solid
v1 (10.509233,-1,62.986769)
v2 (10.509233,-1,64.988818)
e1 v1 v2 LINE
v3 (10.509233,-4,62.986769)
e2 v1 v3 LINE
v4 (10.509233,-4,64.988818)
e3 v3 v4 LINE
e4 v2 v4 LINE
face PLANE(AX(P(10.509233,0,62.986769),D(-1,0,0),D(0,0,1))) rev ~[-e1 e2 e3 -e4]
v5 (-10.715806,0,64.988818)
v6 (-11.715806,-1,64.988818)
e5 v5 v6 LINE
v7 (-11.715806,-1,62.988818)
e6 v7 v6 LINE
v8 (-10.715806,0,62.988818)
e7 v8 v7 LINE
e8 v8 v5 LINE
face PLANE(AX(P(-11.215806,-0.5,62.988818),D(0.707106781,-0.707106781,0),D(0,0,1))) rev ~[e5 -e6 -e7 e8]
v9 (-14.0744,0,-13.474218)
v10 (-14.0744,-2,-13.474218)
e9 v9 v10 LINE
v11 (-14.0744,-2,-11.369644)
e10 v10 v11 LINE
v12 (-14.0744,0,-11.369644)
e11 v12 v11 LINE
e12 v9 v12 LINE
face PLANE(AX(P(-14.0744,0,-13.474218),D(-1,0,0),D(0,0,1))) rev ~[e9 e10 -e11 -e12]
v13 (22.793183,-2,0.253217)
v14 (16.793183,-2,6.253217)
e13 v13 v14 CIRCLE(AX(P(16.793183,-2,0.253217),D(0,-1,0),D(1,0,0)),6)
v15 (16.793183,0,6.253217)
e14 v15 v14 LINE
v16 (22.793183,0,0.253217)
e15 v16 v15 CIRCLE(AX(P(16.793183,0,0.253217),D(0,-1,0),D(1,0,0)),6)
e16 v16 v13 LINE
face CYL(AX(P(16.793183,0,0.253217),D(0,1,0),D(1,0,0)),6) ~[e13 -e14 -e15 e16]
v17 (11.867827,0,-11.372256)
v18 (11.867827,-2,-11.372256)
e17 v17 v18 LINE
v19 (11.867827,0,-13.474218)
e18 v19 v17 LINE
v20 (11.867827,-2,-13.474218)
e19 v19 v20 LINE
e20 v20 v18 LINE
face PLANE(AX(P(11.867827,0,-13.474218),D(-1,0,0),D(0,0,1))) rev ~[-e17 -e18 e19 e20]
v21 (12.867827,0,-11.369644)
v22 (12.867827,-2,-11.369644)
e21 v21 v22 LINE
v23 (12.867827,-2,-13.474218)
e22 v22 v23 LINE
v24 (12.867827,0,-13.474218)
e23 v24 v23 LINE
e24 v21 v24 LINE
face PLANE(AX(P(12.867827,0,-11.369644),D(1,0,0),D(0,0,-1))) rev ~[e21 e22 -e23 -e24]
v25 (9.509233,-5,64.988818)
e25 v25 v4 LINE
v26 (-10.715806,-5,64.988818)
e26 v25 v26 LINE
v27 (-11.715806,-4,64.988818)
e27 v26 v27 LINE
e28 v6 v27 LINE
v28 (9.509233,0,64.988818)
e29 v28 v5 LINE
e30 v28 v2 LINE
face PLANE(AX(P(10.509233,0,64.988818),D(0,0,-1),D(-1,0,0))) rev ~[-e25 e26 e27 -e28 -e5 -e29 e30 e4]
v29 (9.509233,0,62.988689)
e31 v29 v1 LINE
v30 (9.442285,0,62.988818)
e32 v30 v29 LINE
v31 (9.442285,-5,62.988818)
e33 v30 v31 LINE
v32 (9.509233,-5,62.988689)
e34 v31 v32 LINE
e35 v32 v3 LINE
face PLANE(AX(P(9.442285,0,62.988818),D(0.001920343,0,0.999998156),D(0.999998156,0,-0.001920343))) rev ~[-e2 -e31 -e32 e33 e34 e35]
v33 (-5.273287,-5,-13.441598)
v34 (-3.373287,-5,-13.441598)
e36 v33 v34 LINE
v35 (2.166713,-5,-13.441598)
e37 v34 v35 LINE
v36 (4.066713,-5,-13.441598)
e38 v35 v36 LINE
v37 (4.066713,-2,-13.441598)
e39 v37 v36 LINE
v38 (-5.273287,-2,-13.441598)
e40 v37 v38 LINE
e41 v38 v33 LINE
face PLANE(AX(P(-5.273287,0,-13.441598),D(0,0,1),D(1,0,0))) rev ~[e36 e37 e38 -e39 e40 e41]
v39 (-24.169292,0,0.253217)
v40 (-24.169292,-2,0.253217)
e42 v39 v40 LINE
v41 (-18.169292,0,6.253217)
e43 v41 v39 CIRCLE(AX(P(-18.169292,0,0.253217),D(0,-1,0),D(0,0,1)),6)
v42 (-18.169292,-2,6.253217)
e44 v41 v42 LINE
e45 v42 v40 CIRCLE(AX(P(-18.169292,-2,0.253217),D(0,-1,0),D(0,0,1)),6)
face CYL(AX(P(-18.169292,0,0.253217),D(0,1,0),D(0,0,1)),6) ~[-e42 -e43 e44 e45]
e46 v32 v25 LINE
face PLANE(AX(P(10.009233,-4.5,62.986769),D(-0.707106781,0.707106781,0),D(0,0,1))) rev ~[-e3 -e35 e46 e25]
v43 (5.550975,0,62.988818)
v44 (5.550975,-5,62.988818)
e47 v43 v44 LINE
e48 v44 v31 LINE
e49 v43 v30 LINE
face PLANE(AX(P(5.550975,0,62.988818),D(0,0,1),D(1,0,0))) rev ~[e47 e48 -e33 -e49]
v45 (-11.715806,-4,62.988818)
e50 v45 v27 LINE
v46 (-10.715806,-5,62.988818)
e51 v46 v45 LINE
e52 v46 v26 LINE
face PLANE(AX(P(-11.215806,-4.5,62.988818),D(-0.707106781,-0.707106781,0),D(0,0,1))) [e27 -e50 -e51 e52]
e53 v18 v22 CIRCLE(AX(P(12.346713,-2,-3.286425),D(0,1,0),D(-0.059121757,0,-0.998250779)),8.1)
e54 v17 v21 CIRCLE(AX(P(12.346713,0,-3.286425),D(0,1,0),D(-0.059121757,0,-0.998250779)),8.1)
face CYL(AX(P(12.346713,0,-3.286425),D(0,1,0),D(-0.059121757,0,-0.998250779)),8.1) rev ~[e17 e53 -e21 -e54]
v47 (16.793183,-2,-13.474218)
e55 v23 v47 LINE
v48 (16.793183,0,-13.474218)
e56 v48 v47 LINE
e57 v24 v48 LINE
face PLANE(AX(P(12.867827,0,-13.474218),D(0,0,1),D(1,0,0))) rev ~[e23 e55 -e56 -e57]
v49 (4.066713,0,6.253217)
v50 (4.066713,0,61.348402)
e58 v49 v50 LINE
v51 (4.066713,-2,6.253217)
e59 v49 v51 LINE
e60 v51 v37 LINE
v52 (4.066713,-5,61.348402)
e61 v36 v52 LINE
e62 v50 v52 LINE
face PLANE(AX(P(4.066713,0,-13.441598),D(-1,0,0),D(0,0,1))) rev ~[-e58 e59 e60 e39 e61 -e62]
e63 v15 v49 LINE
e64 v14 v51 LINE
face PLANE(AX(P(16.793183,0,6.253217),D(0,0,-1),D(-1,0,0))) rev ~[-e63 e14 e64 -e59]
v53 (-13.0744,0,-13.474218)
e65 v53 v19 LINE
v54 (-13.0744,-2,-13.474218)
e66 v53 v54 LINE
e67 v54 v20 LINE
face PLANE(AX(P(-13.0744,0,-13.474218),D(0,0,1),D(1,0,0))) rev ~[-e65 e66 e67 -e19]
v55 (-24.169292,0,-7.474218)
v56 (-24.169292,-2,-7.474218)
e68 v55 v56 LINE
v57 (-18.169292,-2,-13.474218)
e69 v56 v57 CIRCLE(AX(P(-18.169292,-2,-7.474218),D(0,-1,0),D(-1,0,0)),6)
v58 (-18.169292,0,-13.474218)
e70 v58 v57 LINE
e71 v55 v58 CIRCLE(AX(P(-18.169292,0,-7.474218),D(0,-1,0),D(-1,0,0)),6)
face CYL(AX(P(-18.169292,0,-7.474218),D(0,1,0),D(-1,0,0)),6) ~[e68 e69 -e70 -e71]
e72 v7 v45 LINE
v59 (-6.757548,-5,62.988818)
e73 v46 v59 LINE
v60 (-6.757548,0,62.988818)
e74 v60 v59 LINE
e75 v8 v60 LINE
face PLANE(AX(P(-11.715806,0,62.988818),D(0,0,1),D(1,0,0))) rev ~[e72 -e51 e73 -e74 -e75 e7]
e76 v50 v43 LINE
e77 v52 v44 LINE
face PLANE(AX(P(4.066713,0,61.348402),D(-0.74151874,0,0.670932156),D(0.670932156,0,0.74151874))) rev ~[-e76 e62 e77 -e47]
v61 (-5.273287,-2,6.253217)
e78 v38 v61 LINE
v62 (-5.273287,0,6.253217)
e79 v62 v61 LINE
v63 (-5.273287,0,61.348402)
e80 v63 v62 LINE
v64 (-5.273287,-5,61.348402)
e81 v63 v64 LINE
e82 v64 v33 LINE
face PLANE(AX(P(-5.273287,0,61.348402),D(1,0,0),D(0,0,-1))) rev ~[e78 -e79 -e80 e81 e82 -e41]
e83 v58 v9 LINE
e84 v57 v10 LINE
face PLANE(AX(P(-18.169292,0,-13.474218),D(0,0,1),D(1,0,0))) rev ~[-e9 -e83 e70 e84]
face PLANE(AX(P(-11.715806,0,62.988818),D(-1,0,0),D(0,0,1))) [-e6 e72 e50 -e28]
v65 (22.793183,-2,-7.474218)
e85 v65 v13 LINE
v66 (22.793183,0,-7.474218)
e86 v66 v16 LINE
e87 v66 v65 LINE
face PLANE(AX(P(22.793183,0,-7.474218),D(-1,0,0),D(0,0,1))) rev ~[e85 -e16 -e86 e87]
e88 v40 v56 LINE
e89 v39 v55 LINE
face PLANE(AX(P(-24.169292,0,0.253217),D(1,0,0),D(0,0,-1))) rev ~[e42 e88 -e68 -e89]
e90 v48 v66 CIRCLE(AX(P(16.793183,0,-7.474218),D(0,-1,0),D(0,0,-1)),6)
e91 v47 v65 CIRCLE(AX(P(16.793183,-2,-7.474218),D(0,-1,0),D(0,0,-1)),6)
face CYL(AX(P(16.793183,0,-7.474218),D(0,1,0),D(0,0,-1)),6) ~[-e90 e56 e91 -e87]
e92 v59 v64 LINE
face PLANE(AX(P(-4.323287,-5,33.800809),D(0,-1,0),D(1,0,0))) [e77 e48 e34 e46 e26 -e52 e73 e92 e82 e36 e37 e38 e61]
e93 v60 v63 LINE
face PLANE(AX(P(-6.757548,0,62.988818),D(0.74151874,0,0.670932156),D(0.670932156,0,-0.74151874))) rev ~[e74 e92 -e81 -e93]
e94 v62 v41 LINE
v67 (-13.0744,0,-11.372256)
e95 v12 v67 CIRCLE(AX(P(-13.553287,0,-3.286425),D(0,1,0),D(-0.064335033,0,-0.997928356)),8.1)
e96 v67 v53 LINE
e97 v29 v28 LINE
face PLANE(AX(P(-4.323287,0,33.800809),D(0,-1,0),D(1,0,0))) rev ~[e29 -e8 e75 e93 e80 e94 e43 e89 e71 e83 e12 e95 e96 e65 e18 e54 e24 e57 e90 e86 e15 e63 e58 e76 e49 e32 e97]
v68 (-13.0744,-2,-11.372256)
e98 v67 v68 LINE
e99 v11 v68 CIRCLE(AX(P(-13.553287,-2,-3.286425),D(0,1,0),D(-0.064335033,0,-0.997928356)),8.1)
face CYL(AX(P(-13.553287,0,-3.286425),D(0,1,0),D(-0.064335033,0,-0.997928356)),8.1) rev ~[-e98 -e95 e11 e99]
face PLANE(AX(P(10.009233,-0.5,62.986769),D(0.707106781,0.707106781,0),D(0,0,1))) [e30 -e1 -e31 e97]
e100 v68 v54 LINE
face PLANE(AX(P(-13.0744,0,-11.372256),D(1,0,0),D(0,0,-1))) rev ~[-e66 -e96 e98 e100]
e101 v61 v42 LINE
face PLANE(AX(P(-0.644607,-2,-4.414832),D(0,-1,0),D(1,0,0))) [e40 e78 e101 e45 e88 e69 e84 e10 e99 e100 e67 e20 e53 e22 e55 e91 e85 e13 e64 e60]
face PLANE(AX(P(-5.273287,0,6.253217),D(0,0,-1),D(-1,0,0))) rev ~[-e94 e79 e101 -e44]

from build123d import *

# Parameters (mm, degrees)
F1_DEPTH = 2
F0_W     = 1.9
F0_H     = 55.0951848962
F0_W_2   = 3
F0_H_2   = 8.0191061349
F0_W_3   = 1.0669481622
F0_H_3   = 2
F0_H_4   = 17.6764619537
F0_H_5   = 2.0183531501
F2_DEPTH = 5
F3_SIZE  = 1


with BuildPart() as f1:
    # F0 (on Front) → F1 (new body)
    with BuildSketch(Plane.XZ):
        with BuildLine():
            Line((-5.2732866119, -11.4232450724), (-5.2732866119, 6.2532168813))
            Line((-5.2732866119, 6.2532168813), (-18.1692923009, 6.2532168813))
            ThreePointArc((-18.1692923009, 6.2532168813), (-22.4119329881, 4.4958575684), (-24.1692923009, 0.2532168813))
            Line((-24.1692923009, 0.2532168813), (-24.1692923009, -7.474217616))
            ThreePointArc((-24.1692923009, -7.474217616), (-22.4119329881, -11.7168583031), (-18.1692923009, -13.474217616))
            Line((-18.1692923009, -13.474217616), (-14.0744003764, -13.474217616))
            Line((-14.0744003764, -13.474217616), (-14.0744003764, -11.3696444416))
            ThreePointArc((-14.0744003764, -11.3696444416), (-13.5321325059, 4.8135476182), (-13.0744003764, -11.3722560686))
            Line((-13.0744003764, -11.3722560686), (-13.0744003764, -13.474217616))
            Line((-13.0744003764, -13.474217616), (11.8678271526, -13.474217616))
            Line((11.8678271526, -13.474217616), (11.8678271526, -11.3722560686))
            ThreePointArc((11.8678271526, -11.3722560686), (12.3255592821, 4.8135476182), (12.8678271526, -11.3696444416))
            Line((12.8678271526, -11.3696444416), (12.8678271526, -13.474217616))
            Line((12.8678271526, -13.474217616), (16.7931831032, -13.474217616))
            ThreePointArc((16.7931831032, -13.474217616), (21.0358237903, -11.7168583031), (22.7931831032, -7.474217616))
            Line((22.7931831032, -7.474217616), (22.7931831032, 0.2532168813))
            ThreePointArc((22.7931831032, 0.2532168813), (21.0358237903, 4.4958575684), (16.7931831032, 6.2532168813))
            Line((16.7931831032, 6.2532168813), (4.0667133881, 6.2532168813))
            Line((4.0667133881, 6.2532168813), (4.0667133881, -11.4232450724))
            Line((4.0667133881, -11.4232450724), (4.0667133881, -13.4415982225))
            Line((4.0667133881, -13.4415982225), (2.1667133881, -13.4415982225))
            Line((2.1667133881, -13.4415982225), (-3.3732866119, -13.4415982225))
            Line((-3.3732866119, -13.4415982225), (-5.2732866119, -13.4415982225))
            Line((-5.2732866119, -13.4415982225), (-5.2732866119, -11.4232450724))
        make_face()
    extrude(amount=F1_DEPTH)

    # F0 (on Front) → F2 (join)
    with BuildSketch(Plane.XZ):
        with Locations((-4.3232866119, 33.8008093294)):
            Rectangle(F0_W, F0_H)
        Polygon((-2.1032866119, 61.3484017775), (-3.3732866119, 61.3484017775), (-3.3732866119, 6.2532168813), (2.1667133881, 6.2532168813), (2.1667133881, 61.3484017775), (0.8967133881, 61.3484017775), (0.8967133881, 53.3292956426), (-2.1032866119, 53.3292956426), align=None)
        with Locations((3.1167133881, 33.8008093294)):
            Rectangle(F0_W, F0_H)
        with Locations((-0.6032866119, 57.3388487101)):
            Rectangle(F0_W_2, F0_H_2)
        Polygon((-6.7575482038, 62.9888176918), (-5.2732866119, 61.3484017775), (-3.3732866119, 61.3484017775), (-2.1032866119, 61.3484017775), (0.8967133881, 61.3484017775), (2.1667133881, 61.3484017775), (4.0667133881, 61.3484017775), (5.55097498, 62.9888176918), align=None)
        with Locations((-11.1823320082, 63.9888176918)):
            Rectangle(F0_W_3, F0_H_3)
        Polygon((9.4422847033, 64.9888176918), (9.4422847033, 62.9888176918), (10.5092328655, 62.9867687821), (10.5092328655, 64.9888176918), align=None)
        Polygon((-10.6488579271, 62.9888176918), (-6.7575482038, 62.9888176918), (5.55097498, 62.9888176918), (9.4422847033, 62.9888176918), (9.4422847033, 64.9888176918), (-10.6488579271, 64.9888176918), align=None)
        with Locations((-4.3232866119, -2.5850140955)):
            Rectangle(F0_W, F0_H_4)
        Polygon((2.1667133881, 6.2532168813), (-3.3732866119, 6.2532168813), (-3.3732866119, -11.4232450724), (-3.3732866119, -13.4415982225), (2.1667133881, -13.4415982225), (2.1667133881, -11.4232450724), align=None)
        with Locations((3.1167133881, -2.5850140955)):
            Rectangle(F0_W, F0_H_4)
        with Locations((-4.3232866119, -12.4324216474)):
            Rectangle(F0_W, F0_H_5)
        with Locations((3.1167133881, -12.4324216474)):
            Rectangle(F0_W, F0_H_5)
    extrude(amount=F2_DEPTH)

    # F3
    f3_edges = [f1.edges().sort_by_distance(p)[0] for p in [
        (10.509233, 0, 63.987793),
        (10.509233, -5, 63.987793),
        (-11.715806, -5, 63.988818),
        (-11.715806, 0, 63.988818),
    ]]
    chamfer(f3_edges, length=F3_SIZE)


solid = f1.part
